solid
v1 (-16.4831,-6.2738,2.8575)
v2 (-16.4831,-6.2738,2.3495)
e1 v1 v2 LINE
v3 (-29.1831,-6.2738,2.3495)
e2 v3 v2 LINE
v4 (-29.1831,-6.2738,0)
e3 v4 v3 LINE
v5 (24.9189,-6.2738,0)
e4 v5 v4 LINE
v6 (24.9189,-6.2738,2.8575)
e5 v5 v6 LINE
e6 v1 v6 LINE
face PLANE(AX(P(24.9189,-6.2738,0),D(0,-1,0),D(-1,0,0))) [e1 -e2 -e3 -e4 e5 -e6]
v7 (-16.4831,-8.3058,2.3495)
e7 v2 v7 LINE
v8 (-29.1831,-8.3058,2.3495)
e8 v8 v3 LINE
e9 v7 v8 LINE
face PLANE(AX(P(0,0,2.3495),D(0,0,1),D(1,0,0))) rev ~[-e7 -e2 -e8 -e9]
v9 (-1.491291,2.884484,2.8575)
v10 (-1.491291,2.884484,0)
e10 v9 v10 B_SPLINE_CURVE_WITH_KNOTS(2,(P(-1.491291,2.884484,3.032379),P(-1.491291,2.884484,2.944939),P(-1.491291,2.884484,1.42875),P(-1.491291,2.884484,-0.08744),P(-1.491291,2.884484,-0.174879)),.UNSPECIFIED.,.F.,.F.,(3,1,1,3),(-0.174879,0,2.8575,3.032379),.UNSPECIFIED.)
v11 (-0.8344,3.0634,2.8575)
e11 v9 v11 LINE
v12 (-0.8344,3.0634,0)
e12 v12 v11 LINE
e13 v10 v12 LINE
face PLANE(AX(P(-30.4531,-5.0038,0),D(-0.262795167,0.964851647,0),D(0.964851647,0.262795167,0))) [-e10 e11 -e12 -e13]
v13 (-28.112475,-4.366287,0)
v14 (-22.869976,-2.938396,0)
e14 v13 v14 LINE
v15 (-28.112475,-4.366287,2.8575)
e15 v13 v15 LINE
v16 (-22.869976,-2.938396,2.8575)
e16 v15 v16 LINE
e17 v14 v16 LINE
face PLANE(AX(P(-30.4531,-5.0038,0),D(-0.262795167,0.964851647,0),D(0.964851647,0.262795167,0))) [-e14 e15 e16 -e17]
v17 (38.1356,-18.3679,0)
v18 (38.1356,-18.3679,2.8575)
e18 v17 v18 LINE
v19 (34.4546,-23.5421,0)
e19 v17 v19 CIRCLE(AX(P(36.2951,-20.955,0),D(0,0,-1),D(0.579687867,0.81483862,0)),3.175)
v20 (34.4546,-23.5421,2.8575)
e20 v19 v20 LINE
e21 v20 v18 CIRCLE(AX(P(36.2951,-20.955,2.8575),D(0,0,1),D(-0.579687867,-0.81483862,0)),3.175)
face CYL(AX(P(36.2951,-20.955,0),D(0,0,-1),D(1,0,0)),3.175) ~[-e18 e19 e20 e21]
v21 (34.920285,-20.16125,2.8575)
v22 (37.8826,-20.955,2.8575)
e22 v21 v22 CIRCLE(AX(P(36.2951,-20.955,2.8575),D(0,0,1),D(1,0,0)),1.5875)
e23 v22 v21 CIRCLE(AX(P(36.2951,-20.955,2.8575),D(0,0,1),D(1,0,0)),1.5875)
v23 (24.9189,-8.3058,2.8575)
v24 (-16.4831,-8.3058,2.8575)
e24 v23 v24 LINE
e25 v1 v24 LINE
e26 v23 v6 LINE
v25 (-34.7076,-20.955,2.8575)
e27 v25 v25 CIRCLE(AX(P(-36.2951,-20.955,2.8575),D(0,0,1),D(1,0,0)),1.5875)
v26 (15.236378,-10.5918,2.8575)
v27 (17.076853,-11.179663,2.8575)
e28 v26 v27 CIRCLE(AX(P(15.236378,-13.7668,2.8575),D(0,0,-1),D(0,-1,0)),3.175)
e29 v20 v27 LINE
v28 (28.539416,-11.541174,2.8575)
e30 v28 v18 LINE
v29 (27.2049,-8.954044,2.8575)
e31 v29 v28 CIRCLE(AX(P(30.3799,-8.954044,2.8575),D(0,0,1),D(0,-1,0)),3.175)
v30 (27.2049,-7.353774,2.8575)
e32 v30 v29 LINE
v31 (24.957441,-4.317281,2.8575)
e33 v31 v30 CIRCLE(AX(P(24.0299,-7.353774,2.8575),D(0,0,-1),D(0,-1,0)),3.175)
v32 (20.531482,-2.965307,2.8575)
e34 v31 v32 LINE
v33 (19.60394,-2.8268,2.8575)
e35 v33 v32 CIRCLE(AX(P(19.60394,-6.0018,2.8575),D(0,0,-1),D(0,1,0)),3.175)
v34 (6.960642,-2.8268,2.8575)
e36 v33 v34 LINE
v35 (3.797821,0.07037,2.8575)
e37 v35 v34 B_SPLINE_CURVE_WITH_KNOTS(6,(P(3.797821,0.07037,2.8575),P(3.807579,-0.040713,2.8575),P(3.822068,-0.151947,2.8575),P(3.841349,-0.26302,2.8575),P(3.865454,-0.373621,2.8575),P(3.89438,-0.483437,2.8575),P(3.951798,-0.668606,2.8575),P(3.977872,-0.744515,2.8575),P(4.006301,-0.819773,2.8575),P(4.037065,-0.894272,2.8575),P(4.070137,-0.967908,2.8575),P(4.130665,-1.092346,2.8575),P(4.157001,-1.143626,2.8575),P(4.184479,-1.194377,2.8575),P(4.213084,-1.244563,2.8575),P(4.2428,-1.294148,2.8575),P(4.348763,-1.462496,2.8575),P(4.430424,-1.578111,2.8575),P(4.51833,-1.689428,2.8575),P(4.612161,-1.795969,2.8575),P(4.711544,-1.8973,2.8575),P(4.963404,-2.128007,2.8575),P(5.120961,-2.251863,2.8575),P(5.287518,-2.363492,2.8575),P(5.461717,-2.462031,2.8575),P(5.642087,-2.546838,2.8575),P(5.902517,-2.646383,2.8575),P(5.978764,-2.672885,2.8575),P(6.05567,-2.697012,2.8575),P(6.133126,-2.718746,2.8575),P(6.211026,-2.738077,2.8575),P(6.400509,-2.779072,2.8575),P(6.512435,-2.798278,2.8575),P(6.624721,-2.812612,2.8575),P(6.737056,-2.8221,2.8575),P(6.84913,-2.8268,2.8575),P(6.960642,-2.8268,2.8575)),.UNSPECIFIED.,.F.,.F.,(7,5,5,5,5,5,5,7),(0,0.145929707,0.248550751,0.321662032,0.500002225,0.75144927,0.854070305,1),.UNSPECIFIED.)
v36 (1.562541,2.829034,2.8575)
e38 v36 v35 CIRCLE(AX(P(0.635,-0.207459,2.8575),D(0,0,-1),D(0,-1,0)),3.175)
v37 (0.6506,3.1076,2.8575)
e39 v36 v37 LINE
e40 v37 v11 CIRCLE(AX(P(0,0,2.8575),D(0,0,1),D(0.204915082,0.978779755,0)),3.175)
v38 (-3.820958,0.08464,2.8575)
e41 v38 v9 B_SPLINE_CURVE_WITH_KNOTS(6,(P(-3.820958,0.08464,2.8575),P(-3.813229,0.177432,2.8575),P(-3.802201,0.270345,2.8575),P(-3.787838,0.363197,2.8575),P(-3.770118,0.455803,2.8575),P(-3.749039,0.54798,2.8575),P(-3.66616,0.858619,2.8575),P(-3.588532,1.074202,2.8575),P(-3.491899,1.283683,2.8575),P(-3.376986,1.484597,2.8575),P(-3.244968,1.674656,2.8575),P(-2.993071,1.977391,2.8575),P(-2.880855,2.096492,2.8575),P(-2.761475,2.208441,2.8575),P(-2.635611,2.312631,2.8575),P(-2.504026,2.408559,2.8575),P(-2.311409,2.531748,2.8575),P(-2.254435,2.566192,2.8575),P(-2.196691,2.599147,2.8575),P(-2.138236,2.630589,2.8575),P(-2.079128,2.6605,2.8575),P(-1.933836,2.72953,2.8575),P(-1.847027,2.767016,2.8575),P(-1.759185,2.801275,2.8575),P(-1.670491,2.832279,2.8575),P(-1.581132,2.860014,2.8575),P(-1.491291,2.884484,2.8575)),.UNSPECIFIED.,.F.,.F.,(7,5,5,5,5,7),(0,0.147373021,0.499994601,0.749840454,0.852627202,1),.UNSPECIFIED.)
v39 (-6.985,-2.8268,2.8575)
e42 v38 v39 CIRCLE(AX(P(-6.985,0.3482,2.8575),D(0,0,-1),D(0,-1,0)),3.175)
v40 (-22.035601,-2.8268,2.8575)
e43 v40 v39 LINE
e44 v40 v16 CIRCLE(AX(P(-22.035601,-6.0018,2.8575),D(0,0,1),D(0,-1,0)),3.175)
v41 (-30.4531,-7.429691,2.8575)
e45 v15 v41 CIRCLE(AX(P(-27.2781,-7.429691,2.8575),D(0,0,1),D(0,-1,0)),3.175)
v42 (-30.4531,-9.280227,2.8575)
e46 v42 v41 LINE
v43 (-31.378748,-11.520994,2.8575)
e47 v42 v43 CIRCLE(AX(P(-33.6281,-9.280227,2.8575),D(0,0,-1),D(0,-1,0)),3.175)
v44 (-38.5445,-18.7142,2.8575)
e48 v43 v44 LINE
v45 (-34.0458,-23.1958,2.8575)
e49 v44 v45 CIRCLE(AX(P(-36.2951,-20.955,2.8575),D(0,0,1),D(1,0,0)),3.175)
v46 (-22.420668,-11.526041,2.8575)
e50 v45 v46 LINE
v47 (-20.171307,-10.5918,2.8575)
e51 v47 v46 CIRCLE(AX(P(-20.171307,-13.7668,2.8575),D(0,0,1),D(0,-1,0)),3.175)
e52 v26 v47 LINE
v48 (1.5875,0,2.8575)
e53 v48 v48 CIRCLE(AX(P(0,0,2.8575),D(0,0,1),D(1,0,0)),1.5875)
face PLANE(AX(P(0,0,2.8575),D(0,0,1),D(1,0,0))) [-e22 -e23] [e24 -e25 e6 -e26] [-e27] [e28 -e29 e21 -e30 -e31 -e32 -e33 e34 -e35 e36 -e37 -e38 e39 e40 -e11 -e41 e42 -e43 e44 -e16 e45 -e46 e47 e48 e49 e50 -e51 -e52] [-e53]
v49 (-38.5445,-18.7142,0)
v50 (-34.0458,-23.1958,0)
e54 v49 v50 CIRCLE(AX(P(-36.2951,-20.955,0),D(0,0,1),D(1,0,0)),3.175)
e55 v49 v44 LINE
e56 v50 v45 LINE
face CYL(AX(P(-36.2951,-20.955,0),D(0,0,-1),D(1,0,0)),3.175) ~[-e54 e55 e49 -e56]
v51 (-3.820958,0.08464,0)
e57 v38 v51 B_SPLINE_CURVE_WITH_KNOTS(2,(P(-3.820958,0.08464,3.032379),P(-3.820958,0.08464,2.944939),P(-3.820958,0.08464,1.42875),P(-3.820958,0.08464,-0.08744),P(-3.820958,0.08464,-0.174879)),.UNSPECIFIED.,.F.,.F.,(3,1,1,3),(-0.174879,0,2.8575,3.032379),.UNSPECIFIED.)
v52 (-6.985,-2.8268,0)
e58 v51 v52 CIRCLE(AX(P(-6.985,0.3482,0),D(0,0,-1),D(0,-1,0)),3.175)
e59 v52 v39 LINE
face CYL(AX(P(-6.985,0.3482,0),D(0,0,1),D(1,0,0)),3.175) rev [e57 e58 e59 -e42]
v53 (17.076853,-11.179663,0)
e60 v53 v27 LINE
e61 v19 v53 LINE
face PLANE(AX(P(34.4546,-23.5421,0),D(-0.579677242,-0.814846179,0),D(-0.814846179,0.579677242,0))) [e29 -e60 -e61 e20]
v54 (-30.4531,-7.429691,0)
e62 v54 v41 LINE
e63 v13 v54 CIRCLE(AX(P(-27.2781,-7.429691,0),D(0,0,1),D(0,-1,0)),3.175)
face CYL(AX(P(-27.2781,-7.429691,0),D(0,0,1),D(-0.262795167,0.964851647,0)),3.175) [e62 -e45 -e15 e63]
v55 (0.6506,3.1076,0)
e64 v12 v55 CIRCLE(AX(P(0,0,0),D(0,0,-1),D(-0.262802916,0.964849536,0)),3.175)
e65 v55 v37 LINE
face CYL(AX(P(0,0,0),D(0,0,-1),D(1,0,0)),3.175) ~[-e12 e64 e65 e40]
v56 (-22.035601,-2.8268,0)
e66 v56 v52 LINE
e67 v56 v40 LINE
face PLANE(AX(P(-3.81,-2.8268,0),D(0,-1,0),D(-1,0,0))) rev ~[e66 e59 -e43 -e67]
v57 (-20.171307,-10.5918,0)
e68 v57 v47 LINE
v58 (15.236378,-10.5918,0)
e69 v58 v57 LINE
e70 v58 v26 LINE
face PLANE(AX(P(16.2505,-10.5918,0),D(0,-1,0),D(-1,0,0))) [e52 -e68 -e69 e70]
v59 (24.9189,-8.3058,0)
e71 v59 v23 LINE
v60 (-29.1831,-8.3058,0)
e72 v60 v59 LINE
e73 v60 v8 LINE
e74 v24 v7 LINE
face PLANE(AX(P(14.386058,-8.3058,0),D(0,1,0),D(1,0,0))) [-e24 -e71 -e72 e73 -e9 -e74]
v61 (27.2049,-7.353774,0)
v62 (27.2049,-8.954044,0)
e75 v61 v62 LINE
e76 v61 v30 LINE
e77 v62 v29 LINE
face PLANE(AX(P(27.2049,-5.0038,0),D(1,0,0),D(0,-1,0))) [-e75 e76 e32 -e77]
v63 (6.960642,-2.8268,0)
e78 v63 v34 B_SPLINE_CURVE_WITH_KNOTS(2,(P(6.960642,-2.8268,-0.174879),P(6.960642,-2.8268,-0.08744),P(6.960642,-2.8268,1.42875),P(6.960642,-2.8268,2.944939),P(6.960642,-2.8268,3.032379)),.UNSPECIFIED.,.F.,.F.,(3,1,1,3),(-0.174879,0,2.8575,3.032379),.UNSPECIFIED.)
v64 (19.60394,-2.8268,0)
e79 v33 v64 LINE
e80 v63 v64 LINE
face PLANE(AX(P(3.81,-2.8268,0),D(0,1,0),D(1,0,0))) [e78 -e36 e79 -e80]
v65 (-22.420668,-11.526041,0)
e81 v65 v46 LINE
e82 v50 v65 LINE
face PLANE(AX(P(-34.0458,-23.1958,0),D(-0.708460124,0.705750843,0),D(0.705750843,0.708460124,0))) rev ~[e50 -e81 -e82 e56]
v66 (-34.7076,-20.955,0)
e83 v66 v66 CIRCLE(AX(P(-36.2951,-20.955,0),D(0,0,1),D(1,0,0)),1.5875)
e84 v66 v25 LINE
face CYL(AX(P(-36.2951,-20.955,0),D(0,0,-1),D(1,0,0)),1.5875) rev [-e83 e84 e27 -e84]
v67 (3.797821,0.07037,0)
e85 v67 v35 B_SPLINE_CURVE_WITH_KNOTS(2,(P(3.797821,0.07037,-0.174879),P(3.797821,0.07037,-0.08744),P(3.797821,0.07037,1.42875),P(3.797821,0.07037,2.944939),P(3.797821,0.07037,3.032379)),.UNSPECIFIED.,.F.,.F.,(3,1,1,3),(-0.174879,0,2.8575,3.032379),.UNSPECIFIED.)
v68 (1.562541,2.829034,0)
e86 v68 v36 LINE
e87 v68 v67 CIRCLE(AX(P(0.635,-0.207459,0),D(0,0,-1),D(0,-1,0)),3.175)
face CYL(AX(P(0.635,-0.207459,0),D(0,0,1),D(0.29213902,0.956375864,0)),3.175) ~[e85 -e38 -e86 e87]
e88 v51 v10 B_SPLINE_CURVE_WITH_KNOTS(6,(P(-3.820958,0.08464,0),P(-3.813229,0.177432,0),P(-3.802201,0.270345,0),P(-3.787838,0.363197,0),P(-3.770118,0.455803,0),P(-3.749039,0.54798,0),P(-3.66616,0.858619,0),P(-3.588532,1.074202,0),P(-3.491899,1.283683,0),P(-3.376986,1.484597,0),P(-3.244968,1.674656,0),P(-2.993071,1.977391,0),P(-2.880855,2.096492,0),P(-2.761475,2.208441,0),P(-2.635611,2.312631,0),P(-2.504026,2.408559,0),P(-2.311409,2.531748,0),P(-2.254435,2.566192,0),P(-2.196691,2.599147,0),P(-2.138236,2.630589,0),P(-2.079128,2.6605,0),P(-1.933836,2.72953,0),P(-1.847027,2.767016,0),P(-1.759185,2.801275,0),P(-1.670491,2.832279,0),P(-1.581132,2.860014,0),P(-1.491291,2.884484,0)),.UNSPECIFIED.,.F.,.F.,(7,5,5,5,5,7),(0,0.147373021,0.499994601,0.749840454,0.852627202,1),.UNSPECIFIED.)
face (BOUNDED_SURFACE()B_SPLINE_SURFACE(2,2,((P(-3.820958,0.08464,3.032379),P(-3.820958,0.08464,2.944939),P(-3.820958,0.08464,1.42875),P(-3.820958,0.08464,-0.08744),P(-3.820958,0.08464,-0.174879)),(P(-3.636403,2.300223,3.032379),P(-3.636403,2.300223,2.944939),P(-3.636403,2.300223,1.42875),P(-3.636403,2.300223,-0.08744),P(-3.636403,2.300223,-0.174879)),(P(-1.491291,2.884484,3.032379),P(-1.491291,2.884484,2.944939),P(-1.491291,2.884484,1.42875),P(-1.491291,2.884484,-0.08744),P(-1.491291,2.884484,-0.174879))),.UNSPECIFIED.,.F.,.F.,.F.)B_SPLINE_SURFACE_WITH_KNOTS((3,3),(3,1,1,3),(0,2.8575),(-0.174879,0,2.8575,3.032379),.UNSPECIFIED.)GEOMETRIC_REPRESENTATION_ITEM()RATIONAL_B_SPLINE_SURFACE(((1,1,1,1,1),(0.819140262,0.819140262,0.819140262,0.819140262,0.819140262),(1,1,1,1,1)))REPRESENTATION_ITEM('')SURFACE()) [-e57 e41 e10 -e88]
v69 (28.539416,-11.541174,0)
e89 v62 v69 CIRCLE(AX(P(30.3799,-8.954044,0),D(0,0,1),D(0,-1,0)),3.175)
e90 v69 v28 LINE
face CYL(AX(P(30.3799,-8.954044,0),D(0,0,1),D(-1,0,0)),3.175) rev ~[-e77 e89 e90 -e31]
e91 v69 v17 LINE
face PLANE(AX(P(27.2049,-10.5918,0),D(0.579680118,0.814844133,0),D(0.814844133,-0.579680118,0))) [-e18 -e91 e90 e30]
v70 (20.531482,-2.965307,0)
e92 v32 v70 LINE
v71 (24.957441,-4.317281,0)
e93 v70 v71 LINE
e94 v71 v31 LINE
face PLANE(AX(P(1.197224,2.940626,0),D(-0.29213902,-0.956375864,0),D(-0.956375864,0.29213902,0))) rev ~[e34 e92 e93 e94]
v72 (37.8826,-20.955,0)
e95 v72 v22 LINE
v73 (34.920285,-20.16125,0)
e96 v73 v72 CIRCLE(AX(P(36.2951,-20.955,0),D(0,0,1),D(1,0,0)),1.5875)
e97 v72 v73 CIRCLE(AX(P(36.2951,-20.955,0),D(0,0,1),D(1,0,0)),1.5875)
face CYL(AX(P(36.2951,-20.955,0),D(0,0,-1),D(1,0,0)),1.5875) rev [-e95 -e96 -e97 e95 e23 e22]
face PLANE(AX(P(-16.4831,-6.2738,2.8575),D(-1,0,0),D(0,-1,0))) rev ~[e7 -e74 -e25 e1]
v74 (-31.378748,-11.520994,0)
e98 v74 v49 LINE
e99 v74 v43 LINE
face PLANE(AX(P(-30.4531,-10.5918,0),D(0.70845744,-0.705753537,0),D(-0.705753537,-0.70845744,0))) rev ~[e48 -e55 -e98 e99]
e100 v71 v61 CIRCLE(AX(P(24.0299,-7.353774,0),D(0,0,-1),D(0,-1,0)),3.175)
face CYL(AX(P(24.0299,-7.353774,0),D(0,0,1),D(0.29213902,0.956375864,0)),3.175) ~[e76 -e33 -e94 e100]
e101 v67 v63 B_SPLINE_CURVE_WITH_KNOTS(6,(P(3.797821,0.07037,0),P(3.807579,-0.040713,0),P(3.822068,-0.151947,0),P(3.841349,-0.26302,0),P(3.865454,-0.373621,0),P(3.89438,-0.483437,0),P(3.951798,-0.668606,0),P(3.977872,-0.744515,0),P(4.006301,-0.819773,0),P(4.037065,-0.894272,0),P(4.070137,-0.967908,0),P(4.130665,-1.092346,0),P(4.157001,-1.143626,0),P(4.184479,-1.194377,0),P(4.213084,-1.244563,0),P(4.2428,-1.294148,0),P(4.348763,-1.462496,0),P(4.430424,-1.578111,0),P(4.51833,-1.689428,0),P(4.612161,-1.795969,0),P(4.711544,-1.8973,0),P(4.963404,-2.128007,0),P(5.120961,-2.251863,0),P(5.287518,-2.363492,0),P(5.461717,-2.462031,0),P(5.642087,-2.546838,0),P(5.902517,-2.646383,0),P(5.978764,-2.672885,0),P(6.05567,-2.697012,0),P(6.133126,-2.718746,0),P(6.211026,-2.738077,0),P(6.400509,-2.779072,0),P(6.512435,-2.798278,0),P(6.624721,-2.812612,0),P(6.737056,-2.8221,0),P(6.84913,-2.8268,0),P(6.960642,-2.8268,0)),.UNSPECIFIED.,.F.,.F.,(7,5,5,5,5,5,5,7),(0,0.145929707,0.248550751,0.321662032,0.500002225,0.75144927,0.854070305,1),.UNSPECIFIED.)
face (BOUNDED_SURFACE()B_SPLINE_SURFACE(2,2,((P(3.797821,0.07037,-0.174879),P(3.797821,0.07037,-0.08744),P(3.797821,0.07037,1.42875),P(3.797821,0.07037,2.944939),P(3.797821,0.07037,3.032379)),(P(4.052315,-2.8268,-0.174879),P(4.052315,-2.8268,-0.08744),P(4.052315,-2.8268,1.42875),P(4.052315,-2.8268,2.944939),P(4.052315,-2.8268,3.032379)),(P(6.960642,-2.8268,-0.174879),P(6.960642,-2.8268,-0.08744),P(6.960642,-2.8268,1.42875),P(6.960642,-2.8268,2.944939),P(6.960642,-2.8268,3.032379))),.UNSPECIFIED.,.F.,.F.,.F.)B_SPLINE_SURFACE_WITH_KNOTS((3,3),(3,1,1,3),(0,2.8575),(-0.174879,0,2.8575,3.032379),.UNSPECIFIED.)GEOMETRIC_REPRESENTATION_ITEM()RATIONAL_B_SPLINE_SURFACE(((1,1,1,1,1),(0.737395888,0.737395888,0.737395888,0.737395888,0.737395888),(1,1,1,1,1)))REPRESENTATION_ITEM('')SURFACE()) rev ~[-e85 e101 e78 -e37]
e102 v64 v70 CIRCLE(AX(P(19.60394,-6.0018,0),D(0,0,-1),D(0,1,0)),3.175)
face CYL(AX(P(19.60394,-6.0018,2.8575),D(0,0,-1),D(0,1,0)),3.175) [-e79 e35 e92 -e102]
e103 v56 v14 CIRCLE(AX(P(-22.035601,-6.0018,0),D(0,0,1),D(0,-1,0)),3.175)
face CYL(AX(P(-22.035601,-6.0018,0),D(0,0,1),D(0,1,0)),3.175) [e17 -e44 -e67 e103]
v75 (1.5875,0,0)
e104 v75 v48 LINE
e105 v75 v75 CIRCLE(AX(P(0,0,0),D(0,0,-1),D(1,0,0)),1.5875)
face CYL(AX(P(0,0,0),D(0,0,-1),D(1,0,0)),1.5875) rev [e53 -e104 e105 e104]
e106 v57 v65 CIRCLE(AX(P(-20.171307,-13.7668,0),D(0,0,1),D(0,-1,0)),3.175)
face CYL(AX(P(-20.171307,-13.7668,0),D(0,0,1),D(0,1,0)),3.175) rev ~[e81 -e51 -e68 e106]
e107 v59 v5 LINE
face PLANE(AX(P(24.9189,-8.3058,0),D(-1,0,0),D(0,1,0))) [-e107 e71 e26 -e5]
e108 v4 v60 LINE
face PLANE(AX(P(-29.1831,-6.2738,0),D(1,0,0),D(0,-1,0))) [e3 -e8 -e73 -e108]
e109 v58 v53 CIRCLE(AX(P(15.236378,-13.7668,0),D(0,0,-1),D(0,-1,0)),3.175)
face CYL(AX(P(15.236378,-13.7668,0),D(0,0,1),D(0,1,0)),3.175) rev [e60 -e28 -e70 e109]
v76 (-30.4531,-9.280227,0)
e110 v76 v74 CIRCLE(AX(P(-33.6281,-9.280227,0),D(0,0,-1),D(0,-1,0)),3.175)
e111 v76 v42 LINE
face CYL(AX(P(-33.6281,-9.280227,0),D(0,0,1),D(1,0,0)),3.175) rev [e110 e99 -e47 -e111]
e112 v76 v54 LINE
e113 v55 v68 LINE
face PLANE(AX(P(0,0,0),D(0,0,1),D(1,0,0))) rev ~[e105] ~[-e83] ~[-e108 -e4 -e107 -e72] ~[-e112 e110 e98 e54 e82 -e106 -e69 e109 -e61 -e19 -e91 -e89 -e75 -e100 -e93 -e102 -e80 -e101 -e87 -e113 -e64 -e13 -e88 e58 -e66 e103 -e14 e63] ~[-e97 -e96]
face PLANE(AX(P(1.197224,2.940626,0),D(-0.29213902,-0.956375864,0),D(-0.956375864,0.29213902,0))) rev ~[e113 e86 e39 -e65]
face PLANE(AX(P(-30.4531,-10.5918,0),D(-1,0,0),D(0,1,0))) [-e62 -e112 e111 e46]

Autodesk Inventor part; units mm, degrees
ref_plane "YZ Plane" through (0, 0, 0) normal (1, 0, 0) x (0, 1, 0)
ref_plane "XZ Plane" through (0, 0, 0) normal (0, 1, 0) x (-1, 0, 0)
ref_plane "XY Plane" through (0, 0, 0) normal (0, 0, 1) x (1, 0, 0)
sketch "Sketch1" plane through (0, 0, 0) normal (0, 0, 1) x (1, 0, 0)
  circle A0 centre (0, 0) radius 1.5875
  circle A1 centre (0, 0) radius 3.175
  line L0 (0, 0) -> (36.2951, -20.955)
  line L1 (0, 0) -> (41.91, 0) construction
  circle A2 centre (36.2951, -20.955) radius 1.5875
  circle A3 centre (36.2951, -20.955) radius 3.175
  line L2 (0, 0) -> (0, 8.5417)
  circle A4 centre (-36.2951, -20.955) radius 1.5875
  circle A5 centre (-36.2951, -20.955) radius 3.175
  line L3 (-29.1831, -8.3058) -> (24.9189, -8.3058)
  line L4 (24.9189, -8.3058) -> (24.9189, -6.2738)
  line L5 (24.9189, -6.2738) -> (-29.1831, -6.2738)
  line L6 (-29.1831, -6.2738) -> (-29.1831, -8.3058)
  line L7 (-16.4831, -6.2738) -> (-16.4831, -8.3058)
  line L8 (-30.4531, -5.0038) -> (27.2049, -5.0038)
  line L9 (27.2049, -5.0038) -> (27.2049, -10.5918)
  line L10 (27.2049, -10.5918) -> (-30.4531, -10.5918)
  line L11 (-30.4531, -10.5918) -> (-30.4531, -5.0038)
  line L12 (-30.4531, -5.0038) -> (-0.8344, 3.0634)
  line L13 (-30.4531, -10.5918) -> (-38.5445, -18.7142)
  line L14 (27.2049, -5.0038) -> (0.6506, 3.1076)
  line L15 (27.2049, -10.5918) -> (38.1356, -18.3679)
  line L16 (34.4546, -23.5421) -> (16.2505, -10.5918)
  line L17 (-34.0458, -23.1958) -> (-21.49, -10.5918)
  dimension "d0" = 3.175
  dimension "d1" = 6.35
  dimension "d2" = 41.91
  dimension "d3" = 30
  dimension "d4" = 3.175
  dimension "d5" = 6.35
  dimension "d6" = 7.112
  dimension "d7" = 12.6492
  dimension "d8" = 54.102
  dimension "d9" = 41.402
  dimension "d10" = 1.27
  dimension "d11" = 2.286
  dimension "d12" = 1.27
  dimension "d13" = 2.286
  dimension "d16" = 2.032
extrude "Extrusion1" add sketch "Sketch1" along normal blind 2.8575 contours A0 L2 A1 L14 L0 | A0 L0 A1 L2 | L0 L8 L12 A1 | A1 L14 L8 L0 | L8 L9 L10 L0 L3 L4 L5 | L0 L5 L6 L3 L10 L11 L8 | L10 L17 A5 L13 | L15 A3 L0 L10 | A5 | L0 A3 L16 L10 | A3
fillet "Fillet1" radius 3.175 6 edges at (27.2049, -10.5918, 1.4287) (27.2049, -5.0038, 1.4287) (-30.4531, -5.0038, 1.4287) (-30.4531, -10.5918, 1.4287) (-21.49, -10.5918, 1.4287) (16.2505, -10.5918, 1.4287)
sketch "Sketch4" plane through (0, 0, 0) normal (0, 0, -1) x (-1, 0, 0)
  arc A0 (30.4531, -7.4297) -> (28.1125, -4.3663) centre (27.2781, -7.4297) ccw projected
  line L0 (0.8344, 3.0634) -> (28.1125, -4.3663) projected
  arc A1 (0.8344, 3.0634) -> (-0.6506, 3.1076) centre (0, 0) ccw projected
  line L1 (-24.9574, -4.3173) -> (-0.6506, 3.1076) projected
  arc A2 (-24.9574, -4.3173) -> (-27.2049, -7.3538) centre (-24.0299, -7.3538) ccw projected
  line L2 (-27.2049, -8.954) -> (-27.2049, -7.3538) projected
  arc A3 (-28.5394, -11.5412) -> (-27.2049, -8.954) centre (-30.3799, -8.954) ccw projected
  line L3 (-38.1356, -18.3679) -> (-28.5394, -11.5412) projected
  arc A4 (-38.1356, -18.3679) -> (-34.4546, -23.5421) centre (-36.2951, -20.955) ccw projected
  line L4 (-17.0769, -11.1797) -> (-34.4546, -23.5421) projected
  arc A5 (-15.2364, -10.5918) -> (-17.0769, -11.1797) centre (-15.2364, -13.7668) ccw projected
  line L5 (20.1713, -10.5918) -> (-15.2364, -10.5918) projected
  arc A6 (22.4207, -11.526) -> (20.1713, -10.5918) centre (20.1713, -13.7668) ccw projected
  line L6 (34.0458, -23.1958) -> (22.4207, -11.526) projected
  arc A7 (34.0458, -23.1958) -> (38.5445, -18.7142) centre (36.2951, -20.955) ccw projected
  line L7 (31.3788, -11.521) -> (38.5445, -18.7142) projected
  arc A8 (30.4531, -9.2802) -> (31.3788, -11.521) centre (33.6281, -9.2802) ccw projected
  line L8 (30.4531, -7.4297) -> (30.4531, -9.2802) projected
  circle A9 centre (36.2951, -20.955) radius 1.5875 projected
  line L9 (29.1831, -8.3058) -> (-24.9189, -8.3058) projected
  line L10 (-24.9189, -8.3058) -> (-24.9189, -6.2738) projected
  line L11 (-24.9189, -6.2738) -> (29.1831, -6.2738) projected
  line L12 (29.1831, -6.2738) -> (29.1831, -8.3058) projected
  circle A10 centre (0, 0) radius 1.5875 projected
  circle A11 centre (-36.2951, -20.955) radius 1.5875 projected
  line L13 (-23.2186, 2.3851) -> (-3.81, 2.3851)
  line L14 (-3.81, 2.3851) -> (-3.81, -2.8268)
  line L15 (-3.81, -2.8268) -> (-23.2186, -2.8268)
  line L16 (-23.2186, -2.8268) -> (-23.2186, 2.3851)
  line L17 (23.7839, 2.3851) -> (3.81, 2.3851)
  line L18 (3.81, 2.3851) -> (3.81, -2.8268)
  line L19 (3.81, -2.8268) -> (23.7839, -2.8268)
  line L20 (23.7839, -2.8268) -> (23.7839, 2.3851)
  dimension "d23" = 3.81
  dimension "d24" = 3.81
extrude "Extrusion3" cut sketch "Sketch4" against normal through all contours L19 L18 L0 | L0 L18 L17 L20 L19 | L14 L15 L1 | L1 L15 L16 L13 L14
fillet "Fillet2" radius 3.175 6 edges at (3.81, 2.1425, 1.4287) (3.81, -2.8268, 1.4287) (-3.81, -2.8268, 1.4287) (-3.81, 2.2529, 1.4287) (20.0782, -2.8268, 1.4287) (-22.4604, -2.8268, 1.4287)
sketch "Sketch7" plane through (0, 0, 2.8575) normal (0, 0, 1) x (1, 0, 0)
  line L0 (-16.4831, -6.2738) -> (-16.4831, -8.3058) projected
  line L1 (-29.1831, -8.3058) -> (-29.1831, -6.2738) projected
  line L2 (-16.4831, -8.3058) -> (-29.1831, -8.3058)
  line L3 (-29.1831, -8.3058) -> (-29.1831, -6.2738)
  line L4 (-29.1831, -6.2738) -> (-16.4831, -6.2738)
  line L5 (-16.4831, -6.2738) -> (-16.4831, -8.3058)
  point P0 (0, 0)
extrude "Extrusion5" add sketch "Sketch7" against normal blind 0.508
properties part number "ArduinoMegaHolder1" material "ABS Plastic"
